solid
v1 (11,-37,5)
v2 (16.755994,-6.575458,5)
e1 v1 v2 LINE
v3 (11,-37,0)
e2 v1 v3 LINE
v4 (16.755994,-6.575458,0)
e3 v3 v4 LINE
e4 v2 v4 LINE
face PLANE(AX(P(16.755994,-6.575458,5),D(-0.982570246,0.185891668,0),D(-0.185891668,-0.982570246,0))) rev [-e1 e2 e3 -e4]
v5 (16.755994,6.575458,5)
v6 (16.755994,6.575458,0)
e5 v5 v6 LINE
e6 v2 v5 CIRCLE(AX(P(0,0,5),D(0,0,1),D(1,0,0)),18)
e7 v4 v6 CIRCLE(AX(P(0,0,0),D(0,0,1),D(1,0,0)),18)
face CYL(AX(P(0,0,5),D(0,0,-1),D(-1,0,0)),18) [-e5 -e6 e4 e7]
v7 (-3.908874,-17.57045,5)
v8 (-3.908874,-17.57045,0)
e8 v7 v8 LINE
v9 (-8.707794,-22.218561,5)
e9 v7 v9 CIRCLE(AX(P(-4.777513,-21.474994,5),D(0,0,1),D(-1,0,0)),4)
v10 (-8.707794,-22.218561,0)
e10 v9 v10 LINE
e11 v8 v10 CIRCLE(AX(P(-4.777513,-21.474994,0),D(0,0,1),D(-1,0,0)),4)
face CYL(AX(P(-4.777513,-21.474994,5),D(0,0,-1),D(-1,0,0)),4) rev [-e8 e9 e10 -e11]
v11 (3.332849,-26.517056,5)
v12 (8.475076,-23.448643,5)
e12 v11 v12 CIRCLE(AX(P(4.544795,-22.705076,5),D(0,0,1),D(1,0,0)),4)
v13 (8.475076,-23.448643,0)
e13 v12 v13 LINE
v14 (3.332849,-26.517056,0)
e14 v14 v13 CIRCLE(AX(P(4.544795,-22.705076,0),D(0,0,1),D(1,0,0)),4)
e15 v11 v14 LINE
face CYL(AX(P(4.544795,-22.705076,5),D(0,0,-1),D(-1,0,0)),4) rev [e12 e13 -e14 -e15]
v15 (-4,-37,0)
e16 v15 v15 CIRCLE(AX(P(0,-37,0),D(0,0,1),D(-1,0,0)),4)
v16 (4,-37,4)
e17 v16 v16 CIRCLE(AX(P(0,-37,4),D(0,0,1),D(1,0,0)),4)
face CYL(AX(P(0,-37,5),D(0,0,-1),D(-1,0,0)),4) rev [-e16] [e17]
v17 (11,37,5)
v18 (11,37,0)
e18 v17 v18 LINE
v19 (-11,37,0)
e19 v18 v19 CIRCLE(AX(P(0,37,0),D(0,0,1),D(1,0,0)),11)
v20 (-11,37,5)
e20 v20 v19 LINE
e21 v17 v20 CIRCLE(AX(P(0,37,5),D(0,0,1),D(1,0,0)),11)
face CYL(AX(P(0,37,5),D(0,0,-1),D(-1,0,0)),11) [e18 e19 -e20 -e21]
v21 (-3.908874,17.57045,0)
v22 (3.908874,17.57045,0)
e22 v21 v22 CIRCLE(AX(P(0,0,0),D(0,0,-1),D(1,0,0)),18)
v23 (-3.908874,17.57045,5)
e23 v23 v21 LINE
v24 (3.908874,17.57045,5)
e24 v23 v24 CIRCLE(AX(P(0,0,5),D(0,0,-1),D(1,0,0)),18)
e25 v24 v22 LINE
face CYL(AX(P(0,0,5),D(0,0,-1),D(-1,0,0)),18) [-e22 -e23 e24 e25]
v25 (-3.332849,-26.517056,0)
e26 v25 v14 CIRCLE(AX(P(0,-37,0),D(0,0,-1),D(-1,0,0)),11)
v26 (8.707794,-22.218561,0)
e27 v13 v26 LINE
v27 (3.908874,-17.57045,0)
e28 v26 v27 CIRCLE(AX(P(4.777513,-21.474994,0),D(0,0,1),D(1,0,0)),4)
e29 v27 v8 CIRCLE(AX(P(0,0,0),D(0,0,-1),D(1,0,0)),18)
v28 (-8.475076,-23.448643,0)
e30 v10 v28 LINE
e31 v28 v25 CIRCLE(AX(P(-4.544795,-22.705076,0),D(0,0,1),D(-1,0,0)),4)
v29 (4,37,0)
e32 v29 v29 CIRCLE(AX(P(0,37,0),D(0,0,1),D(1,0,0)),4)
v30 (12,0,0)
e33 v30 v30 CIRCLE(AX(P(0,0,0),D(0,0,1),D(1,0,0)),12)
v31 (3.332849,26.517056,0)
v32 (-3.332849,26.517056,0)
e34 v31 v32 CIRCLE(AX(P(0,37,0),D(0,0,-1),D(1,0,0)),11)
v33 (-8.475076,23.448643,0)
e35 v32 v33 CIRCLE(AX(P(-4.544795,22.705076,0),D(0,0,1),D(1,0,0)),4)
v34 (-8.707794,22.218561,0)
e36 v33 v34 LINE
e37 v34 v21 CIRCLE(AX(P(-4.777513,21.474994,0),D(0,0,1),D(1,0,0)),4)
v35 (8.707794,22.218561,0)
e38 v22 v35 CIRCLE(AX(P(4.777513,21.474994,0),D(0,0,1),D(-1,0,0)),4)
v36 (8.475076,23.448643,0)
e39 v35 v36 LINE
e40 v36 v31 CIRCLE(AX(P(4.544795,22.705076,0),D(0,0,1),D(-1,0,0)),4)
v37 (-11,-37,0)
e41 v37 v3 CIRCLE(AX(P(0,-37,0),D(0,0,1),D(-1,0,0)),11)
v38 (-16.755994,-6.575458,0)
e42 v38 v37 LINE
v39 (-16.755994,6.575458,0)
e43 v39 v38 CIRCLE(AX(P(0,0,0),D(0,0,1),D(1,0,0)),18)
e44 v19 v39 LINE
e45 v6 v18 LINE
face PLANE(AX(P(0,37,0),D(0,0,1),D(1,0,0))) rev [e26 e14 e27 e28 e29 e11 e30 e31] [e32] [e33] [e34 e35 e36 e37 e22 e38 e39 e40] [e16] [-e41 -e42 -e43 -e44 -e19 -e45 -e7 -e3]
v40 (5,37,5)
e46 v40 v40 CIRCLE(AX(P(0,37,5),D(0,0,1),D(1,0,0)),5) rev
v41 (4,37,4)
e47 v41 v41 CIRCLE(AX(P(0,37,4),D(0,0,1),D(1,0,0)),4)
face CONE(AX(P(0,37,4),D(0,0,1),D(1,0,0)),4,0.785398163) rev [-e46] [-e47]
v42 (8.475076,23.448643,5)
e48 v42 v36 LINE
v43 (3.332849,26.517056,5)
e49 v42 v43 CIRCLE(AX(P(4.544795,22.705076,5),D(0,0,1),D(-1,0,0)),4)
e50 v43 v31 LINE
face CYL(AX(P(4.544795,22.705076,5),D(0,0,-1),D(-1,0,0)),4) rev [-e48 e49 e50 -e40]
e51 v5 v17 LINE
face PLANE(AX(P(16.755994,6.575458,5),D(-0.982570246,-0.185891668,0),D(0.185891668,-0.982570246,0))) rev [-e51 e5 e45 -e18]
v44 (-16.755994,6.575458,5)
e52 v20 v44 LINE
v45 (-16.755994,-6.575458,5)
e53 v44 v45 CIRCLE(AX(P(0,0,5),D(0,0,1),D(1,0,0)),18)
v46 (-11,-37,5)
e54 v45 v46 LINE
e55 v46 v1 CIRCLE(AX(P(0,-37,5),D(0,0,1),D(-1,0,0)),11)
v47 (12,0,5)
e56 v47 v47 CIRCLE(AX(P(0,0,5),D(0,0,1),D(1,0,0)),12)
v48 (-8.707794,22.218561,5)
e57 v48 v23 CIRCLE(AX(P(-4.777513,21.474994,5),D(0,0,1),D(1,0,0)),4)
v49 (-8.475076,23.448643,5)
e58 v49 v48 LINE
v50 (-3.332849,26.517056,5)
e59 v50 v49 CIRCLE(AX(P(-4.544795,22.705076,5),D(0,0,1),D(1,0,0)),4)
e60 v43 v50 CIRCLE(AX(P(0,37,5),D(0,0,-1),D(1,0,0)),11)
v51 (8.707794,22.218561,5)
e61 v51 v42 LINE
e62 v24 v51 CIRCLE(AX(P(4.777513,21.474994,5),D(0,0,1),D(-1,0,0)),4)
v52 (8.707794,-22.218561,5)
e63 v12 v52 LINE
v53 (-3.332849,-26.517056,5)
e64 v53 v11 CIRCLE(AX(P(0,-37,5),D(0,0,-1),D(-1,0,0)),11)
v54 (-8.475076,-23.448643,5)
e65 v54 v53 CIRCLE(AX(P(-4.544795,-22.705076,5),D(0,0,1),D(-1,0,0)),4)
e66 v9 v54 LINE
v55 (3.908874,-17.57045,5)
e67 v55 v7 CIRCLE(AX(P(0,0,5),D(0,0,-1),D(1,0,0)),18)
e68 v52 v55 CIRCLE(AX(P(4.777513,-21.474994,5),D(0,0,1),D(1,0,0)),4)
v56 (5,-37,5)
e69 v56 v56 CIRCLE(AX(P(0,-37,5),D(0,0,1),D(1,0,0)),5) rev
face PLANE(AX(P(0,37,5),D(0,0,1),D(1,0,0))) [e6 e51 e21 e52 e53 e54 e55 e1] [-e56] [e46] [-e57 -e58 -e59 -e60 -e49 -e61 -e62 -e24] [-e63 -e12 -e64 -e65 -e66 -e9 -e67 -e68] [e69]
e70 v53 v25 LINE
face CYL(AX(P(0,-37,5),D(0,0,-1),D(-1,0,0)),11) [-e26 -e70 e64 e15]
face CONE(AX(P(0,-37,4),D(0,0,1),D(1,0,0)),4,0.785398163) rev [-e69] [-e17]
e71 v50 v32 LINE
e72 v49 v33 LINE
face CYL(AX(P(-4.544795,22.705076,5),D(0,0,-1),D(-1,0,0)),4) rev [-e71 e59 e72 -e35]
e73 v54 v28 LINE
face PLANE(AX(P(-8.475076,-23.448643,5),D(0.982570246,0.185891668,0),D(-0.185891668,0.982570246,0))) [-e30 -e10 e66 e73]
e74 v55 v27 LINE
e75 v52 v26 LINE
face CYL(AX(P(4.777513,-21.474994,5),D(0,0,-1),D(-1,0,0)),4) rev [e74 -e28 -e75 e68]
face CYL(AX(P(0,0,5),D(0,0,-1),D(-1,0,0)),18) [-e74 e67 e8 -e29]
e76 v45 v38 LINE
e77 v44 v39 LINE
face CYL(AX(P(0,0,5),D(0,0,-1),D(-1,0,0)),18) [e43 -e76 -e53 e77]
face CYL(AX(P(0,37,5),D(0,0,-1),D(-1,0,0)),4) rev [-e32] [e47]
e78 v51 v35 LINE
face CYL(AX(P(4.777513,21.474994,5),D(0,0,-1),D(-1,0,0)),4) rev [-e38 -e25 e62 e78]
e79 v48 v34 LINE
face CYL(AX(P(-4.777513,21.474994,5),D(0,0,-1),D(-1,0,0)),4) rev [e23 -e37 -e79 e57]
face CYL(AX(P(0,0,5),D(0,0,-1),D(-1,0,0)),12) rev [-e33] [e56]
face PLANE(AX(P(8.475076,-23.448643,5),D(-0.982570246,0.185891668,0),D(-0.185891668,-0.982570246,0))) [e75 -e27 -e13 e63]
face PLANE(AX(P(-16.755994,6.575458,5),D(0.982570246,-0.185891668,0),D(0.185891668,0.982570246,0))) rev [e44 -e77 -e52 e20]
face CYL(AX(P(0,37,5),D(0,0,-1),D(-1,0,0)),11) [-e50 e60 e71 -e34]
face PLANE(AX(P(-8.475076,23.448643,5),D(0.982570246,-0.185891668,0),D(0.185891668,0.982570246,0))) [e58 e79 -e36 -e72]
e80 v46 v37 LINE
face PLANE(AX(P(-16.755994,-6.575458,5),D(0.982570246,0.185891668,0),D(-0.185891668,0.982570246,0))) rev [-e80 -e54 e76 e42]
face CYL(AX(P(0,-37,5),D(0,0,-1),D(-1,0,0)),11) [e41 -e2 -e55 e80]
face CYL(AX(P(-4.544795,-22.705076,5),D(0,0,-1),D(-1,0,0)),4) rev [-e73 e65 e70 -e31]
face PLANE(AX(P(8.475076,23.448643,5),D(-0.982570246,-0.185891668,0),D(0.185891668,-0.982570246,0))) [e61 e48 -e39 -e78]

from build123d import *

# Parameters (mm, degrees)
SKETCH1_R           = 12
SKETCH1_R_2         = 4
BOSS_EXTRUDE1_DEPTH = 5
CHAMFER1_SIZE       = 1


with BuildPart() as part:
    # Sketch1 → Boss-Extrude1 (new body)
    with BuildSketch(Plane(origin=(0, 0, 0), x_dir=(0, 1, 0), z_dir=(0, 0, 1))):
        with BuildLine():
            Line((6.575458392, 16.755994358), (37, 11))
            ThreePointArc((37, 11), (48, 0), (37, -11))
            Line((37, -11), (6.575458392, -16.755994358))
            ThreePointArc((6.575458392, -16.755994358), (0, -18), (-6.575458392, -16.755994358))
            Line((-6.575458392, -16.755994358), (-37, -11))
            ThreePointArc((-37, -11), (-48, 0), (-37, 11))
            Line((-37, 11), (-6.575458392, 16.755994358))
            ThreePointArc((-6.575458392, 16.755994358), (0, 18), (6.575458392, 16.755994358))
        make_face()
        with Locations(Location((0, 0, 0), (0, 0, 270))):
            Circle(SKETCH1_R, mode=Mode.SUBTRACT)
        with Locations(Location((37, 0, 0), (0, 0, 270))):
            Circle(SKETCH1_R_2, mode=Mode.SUBTRACT)
        with Locations(Location((-37, 0, 0), (0, 0, 90))):
            Circle(SKETCH1_R_2, mode=Mode.SUBTRACT)
        with BuildLine():
            Line((23.448643014, 8.475075542), (22.218560764, 8.707793806))
            ThreePointArc((22.218560764, 8.707793806), (18.601781162, 7.560433495), (17.570449711, 3.908874128))
            ThreePointArc((17.570449711, 3.908874128), (18, 0), (17.570449711, -3.908874128))
            ThreePointArc((17.570449711, -3.908874128), (18.601781162, -7.560433495), (22.218560764, -8.707793806))
            Line((22.218560764, -8.707793806), (23.448643014, -8.475075542))
            ThreePointArc((23.448643014, -8.475075542), (26.140025122, -6.594459623), (26.517055984, -3.332849344))
            ThreePointArc((26.517055984, -3.332849344), (26, 0), (26.517055984, 3.332849344))
            ThreePointArc((26.517055984, 3.332849344), (26.140025122, 6.594459623), (23.448643014, 8.475075542))
        make_face(mode=Mode.SUBTRACT)
        with BuildLine():
            Line((-23.448643014, -8.475075542), (-22.218560764, -8.707793806))
            ThreePointArc((-22.218560764, -8.707793806), (-18.601781162, -7.560433495), (-17.570449711, -3.908874128))
            ThreePointArc((-17.570449711, -3.908874128), (-18, 0), (-17.570449711, 3.908874128))
            ThreePointArc((-17.570449711, 3.908874128), (-18.601781162, 7.560433495), (-22.218560764, 8.707793806))
            Line((-22.218560764, 8.707793806), (-23.448643014, 8.475075542))
            ThreePointArc((-23.448643014, 8.475075542), (-26.140025122, 6.594459623), (-26.517055984, 3.332849344))
            ThreePointArc((-26.517055984, 3.332849344), (-26, 0), (-26.517055984, -3.332849344))
            ThreePointArc((-26.517055984, -3.332849344), (-26.140025122, -6.594459623), (-23.448643014, -8.475075542))
        make_face(mode=Mode.SUBTRACT)
    extrude(amount=BOSS_EXTRUDE1_DEPTH)

    # Chamfer1
    chamfer1_edges = [part.edges().sort_by_distance(p)[0] for p in [
        (-4, 37, 5),
        (4, -37, 5),
    ]]
    chamfer(chamfer1_edges, length=CHAMFER1_SIZE)


solid = part.part
